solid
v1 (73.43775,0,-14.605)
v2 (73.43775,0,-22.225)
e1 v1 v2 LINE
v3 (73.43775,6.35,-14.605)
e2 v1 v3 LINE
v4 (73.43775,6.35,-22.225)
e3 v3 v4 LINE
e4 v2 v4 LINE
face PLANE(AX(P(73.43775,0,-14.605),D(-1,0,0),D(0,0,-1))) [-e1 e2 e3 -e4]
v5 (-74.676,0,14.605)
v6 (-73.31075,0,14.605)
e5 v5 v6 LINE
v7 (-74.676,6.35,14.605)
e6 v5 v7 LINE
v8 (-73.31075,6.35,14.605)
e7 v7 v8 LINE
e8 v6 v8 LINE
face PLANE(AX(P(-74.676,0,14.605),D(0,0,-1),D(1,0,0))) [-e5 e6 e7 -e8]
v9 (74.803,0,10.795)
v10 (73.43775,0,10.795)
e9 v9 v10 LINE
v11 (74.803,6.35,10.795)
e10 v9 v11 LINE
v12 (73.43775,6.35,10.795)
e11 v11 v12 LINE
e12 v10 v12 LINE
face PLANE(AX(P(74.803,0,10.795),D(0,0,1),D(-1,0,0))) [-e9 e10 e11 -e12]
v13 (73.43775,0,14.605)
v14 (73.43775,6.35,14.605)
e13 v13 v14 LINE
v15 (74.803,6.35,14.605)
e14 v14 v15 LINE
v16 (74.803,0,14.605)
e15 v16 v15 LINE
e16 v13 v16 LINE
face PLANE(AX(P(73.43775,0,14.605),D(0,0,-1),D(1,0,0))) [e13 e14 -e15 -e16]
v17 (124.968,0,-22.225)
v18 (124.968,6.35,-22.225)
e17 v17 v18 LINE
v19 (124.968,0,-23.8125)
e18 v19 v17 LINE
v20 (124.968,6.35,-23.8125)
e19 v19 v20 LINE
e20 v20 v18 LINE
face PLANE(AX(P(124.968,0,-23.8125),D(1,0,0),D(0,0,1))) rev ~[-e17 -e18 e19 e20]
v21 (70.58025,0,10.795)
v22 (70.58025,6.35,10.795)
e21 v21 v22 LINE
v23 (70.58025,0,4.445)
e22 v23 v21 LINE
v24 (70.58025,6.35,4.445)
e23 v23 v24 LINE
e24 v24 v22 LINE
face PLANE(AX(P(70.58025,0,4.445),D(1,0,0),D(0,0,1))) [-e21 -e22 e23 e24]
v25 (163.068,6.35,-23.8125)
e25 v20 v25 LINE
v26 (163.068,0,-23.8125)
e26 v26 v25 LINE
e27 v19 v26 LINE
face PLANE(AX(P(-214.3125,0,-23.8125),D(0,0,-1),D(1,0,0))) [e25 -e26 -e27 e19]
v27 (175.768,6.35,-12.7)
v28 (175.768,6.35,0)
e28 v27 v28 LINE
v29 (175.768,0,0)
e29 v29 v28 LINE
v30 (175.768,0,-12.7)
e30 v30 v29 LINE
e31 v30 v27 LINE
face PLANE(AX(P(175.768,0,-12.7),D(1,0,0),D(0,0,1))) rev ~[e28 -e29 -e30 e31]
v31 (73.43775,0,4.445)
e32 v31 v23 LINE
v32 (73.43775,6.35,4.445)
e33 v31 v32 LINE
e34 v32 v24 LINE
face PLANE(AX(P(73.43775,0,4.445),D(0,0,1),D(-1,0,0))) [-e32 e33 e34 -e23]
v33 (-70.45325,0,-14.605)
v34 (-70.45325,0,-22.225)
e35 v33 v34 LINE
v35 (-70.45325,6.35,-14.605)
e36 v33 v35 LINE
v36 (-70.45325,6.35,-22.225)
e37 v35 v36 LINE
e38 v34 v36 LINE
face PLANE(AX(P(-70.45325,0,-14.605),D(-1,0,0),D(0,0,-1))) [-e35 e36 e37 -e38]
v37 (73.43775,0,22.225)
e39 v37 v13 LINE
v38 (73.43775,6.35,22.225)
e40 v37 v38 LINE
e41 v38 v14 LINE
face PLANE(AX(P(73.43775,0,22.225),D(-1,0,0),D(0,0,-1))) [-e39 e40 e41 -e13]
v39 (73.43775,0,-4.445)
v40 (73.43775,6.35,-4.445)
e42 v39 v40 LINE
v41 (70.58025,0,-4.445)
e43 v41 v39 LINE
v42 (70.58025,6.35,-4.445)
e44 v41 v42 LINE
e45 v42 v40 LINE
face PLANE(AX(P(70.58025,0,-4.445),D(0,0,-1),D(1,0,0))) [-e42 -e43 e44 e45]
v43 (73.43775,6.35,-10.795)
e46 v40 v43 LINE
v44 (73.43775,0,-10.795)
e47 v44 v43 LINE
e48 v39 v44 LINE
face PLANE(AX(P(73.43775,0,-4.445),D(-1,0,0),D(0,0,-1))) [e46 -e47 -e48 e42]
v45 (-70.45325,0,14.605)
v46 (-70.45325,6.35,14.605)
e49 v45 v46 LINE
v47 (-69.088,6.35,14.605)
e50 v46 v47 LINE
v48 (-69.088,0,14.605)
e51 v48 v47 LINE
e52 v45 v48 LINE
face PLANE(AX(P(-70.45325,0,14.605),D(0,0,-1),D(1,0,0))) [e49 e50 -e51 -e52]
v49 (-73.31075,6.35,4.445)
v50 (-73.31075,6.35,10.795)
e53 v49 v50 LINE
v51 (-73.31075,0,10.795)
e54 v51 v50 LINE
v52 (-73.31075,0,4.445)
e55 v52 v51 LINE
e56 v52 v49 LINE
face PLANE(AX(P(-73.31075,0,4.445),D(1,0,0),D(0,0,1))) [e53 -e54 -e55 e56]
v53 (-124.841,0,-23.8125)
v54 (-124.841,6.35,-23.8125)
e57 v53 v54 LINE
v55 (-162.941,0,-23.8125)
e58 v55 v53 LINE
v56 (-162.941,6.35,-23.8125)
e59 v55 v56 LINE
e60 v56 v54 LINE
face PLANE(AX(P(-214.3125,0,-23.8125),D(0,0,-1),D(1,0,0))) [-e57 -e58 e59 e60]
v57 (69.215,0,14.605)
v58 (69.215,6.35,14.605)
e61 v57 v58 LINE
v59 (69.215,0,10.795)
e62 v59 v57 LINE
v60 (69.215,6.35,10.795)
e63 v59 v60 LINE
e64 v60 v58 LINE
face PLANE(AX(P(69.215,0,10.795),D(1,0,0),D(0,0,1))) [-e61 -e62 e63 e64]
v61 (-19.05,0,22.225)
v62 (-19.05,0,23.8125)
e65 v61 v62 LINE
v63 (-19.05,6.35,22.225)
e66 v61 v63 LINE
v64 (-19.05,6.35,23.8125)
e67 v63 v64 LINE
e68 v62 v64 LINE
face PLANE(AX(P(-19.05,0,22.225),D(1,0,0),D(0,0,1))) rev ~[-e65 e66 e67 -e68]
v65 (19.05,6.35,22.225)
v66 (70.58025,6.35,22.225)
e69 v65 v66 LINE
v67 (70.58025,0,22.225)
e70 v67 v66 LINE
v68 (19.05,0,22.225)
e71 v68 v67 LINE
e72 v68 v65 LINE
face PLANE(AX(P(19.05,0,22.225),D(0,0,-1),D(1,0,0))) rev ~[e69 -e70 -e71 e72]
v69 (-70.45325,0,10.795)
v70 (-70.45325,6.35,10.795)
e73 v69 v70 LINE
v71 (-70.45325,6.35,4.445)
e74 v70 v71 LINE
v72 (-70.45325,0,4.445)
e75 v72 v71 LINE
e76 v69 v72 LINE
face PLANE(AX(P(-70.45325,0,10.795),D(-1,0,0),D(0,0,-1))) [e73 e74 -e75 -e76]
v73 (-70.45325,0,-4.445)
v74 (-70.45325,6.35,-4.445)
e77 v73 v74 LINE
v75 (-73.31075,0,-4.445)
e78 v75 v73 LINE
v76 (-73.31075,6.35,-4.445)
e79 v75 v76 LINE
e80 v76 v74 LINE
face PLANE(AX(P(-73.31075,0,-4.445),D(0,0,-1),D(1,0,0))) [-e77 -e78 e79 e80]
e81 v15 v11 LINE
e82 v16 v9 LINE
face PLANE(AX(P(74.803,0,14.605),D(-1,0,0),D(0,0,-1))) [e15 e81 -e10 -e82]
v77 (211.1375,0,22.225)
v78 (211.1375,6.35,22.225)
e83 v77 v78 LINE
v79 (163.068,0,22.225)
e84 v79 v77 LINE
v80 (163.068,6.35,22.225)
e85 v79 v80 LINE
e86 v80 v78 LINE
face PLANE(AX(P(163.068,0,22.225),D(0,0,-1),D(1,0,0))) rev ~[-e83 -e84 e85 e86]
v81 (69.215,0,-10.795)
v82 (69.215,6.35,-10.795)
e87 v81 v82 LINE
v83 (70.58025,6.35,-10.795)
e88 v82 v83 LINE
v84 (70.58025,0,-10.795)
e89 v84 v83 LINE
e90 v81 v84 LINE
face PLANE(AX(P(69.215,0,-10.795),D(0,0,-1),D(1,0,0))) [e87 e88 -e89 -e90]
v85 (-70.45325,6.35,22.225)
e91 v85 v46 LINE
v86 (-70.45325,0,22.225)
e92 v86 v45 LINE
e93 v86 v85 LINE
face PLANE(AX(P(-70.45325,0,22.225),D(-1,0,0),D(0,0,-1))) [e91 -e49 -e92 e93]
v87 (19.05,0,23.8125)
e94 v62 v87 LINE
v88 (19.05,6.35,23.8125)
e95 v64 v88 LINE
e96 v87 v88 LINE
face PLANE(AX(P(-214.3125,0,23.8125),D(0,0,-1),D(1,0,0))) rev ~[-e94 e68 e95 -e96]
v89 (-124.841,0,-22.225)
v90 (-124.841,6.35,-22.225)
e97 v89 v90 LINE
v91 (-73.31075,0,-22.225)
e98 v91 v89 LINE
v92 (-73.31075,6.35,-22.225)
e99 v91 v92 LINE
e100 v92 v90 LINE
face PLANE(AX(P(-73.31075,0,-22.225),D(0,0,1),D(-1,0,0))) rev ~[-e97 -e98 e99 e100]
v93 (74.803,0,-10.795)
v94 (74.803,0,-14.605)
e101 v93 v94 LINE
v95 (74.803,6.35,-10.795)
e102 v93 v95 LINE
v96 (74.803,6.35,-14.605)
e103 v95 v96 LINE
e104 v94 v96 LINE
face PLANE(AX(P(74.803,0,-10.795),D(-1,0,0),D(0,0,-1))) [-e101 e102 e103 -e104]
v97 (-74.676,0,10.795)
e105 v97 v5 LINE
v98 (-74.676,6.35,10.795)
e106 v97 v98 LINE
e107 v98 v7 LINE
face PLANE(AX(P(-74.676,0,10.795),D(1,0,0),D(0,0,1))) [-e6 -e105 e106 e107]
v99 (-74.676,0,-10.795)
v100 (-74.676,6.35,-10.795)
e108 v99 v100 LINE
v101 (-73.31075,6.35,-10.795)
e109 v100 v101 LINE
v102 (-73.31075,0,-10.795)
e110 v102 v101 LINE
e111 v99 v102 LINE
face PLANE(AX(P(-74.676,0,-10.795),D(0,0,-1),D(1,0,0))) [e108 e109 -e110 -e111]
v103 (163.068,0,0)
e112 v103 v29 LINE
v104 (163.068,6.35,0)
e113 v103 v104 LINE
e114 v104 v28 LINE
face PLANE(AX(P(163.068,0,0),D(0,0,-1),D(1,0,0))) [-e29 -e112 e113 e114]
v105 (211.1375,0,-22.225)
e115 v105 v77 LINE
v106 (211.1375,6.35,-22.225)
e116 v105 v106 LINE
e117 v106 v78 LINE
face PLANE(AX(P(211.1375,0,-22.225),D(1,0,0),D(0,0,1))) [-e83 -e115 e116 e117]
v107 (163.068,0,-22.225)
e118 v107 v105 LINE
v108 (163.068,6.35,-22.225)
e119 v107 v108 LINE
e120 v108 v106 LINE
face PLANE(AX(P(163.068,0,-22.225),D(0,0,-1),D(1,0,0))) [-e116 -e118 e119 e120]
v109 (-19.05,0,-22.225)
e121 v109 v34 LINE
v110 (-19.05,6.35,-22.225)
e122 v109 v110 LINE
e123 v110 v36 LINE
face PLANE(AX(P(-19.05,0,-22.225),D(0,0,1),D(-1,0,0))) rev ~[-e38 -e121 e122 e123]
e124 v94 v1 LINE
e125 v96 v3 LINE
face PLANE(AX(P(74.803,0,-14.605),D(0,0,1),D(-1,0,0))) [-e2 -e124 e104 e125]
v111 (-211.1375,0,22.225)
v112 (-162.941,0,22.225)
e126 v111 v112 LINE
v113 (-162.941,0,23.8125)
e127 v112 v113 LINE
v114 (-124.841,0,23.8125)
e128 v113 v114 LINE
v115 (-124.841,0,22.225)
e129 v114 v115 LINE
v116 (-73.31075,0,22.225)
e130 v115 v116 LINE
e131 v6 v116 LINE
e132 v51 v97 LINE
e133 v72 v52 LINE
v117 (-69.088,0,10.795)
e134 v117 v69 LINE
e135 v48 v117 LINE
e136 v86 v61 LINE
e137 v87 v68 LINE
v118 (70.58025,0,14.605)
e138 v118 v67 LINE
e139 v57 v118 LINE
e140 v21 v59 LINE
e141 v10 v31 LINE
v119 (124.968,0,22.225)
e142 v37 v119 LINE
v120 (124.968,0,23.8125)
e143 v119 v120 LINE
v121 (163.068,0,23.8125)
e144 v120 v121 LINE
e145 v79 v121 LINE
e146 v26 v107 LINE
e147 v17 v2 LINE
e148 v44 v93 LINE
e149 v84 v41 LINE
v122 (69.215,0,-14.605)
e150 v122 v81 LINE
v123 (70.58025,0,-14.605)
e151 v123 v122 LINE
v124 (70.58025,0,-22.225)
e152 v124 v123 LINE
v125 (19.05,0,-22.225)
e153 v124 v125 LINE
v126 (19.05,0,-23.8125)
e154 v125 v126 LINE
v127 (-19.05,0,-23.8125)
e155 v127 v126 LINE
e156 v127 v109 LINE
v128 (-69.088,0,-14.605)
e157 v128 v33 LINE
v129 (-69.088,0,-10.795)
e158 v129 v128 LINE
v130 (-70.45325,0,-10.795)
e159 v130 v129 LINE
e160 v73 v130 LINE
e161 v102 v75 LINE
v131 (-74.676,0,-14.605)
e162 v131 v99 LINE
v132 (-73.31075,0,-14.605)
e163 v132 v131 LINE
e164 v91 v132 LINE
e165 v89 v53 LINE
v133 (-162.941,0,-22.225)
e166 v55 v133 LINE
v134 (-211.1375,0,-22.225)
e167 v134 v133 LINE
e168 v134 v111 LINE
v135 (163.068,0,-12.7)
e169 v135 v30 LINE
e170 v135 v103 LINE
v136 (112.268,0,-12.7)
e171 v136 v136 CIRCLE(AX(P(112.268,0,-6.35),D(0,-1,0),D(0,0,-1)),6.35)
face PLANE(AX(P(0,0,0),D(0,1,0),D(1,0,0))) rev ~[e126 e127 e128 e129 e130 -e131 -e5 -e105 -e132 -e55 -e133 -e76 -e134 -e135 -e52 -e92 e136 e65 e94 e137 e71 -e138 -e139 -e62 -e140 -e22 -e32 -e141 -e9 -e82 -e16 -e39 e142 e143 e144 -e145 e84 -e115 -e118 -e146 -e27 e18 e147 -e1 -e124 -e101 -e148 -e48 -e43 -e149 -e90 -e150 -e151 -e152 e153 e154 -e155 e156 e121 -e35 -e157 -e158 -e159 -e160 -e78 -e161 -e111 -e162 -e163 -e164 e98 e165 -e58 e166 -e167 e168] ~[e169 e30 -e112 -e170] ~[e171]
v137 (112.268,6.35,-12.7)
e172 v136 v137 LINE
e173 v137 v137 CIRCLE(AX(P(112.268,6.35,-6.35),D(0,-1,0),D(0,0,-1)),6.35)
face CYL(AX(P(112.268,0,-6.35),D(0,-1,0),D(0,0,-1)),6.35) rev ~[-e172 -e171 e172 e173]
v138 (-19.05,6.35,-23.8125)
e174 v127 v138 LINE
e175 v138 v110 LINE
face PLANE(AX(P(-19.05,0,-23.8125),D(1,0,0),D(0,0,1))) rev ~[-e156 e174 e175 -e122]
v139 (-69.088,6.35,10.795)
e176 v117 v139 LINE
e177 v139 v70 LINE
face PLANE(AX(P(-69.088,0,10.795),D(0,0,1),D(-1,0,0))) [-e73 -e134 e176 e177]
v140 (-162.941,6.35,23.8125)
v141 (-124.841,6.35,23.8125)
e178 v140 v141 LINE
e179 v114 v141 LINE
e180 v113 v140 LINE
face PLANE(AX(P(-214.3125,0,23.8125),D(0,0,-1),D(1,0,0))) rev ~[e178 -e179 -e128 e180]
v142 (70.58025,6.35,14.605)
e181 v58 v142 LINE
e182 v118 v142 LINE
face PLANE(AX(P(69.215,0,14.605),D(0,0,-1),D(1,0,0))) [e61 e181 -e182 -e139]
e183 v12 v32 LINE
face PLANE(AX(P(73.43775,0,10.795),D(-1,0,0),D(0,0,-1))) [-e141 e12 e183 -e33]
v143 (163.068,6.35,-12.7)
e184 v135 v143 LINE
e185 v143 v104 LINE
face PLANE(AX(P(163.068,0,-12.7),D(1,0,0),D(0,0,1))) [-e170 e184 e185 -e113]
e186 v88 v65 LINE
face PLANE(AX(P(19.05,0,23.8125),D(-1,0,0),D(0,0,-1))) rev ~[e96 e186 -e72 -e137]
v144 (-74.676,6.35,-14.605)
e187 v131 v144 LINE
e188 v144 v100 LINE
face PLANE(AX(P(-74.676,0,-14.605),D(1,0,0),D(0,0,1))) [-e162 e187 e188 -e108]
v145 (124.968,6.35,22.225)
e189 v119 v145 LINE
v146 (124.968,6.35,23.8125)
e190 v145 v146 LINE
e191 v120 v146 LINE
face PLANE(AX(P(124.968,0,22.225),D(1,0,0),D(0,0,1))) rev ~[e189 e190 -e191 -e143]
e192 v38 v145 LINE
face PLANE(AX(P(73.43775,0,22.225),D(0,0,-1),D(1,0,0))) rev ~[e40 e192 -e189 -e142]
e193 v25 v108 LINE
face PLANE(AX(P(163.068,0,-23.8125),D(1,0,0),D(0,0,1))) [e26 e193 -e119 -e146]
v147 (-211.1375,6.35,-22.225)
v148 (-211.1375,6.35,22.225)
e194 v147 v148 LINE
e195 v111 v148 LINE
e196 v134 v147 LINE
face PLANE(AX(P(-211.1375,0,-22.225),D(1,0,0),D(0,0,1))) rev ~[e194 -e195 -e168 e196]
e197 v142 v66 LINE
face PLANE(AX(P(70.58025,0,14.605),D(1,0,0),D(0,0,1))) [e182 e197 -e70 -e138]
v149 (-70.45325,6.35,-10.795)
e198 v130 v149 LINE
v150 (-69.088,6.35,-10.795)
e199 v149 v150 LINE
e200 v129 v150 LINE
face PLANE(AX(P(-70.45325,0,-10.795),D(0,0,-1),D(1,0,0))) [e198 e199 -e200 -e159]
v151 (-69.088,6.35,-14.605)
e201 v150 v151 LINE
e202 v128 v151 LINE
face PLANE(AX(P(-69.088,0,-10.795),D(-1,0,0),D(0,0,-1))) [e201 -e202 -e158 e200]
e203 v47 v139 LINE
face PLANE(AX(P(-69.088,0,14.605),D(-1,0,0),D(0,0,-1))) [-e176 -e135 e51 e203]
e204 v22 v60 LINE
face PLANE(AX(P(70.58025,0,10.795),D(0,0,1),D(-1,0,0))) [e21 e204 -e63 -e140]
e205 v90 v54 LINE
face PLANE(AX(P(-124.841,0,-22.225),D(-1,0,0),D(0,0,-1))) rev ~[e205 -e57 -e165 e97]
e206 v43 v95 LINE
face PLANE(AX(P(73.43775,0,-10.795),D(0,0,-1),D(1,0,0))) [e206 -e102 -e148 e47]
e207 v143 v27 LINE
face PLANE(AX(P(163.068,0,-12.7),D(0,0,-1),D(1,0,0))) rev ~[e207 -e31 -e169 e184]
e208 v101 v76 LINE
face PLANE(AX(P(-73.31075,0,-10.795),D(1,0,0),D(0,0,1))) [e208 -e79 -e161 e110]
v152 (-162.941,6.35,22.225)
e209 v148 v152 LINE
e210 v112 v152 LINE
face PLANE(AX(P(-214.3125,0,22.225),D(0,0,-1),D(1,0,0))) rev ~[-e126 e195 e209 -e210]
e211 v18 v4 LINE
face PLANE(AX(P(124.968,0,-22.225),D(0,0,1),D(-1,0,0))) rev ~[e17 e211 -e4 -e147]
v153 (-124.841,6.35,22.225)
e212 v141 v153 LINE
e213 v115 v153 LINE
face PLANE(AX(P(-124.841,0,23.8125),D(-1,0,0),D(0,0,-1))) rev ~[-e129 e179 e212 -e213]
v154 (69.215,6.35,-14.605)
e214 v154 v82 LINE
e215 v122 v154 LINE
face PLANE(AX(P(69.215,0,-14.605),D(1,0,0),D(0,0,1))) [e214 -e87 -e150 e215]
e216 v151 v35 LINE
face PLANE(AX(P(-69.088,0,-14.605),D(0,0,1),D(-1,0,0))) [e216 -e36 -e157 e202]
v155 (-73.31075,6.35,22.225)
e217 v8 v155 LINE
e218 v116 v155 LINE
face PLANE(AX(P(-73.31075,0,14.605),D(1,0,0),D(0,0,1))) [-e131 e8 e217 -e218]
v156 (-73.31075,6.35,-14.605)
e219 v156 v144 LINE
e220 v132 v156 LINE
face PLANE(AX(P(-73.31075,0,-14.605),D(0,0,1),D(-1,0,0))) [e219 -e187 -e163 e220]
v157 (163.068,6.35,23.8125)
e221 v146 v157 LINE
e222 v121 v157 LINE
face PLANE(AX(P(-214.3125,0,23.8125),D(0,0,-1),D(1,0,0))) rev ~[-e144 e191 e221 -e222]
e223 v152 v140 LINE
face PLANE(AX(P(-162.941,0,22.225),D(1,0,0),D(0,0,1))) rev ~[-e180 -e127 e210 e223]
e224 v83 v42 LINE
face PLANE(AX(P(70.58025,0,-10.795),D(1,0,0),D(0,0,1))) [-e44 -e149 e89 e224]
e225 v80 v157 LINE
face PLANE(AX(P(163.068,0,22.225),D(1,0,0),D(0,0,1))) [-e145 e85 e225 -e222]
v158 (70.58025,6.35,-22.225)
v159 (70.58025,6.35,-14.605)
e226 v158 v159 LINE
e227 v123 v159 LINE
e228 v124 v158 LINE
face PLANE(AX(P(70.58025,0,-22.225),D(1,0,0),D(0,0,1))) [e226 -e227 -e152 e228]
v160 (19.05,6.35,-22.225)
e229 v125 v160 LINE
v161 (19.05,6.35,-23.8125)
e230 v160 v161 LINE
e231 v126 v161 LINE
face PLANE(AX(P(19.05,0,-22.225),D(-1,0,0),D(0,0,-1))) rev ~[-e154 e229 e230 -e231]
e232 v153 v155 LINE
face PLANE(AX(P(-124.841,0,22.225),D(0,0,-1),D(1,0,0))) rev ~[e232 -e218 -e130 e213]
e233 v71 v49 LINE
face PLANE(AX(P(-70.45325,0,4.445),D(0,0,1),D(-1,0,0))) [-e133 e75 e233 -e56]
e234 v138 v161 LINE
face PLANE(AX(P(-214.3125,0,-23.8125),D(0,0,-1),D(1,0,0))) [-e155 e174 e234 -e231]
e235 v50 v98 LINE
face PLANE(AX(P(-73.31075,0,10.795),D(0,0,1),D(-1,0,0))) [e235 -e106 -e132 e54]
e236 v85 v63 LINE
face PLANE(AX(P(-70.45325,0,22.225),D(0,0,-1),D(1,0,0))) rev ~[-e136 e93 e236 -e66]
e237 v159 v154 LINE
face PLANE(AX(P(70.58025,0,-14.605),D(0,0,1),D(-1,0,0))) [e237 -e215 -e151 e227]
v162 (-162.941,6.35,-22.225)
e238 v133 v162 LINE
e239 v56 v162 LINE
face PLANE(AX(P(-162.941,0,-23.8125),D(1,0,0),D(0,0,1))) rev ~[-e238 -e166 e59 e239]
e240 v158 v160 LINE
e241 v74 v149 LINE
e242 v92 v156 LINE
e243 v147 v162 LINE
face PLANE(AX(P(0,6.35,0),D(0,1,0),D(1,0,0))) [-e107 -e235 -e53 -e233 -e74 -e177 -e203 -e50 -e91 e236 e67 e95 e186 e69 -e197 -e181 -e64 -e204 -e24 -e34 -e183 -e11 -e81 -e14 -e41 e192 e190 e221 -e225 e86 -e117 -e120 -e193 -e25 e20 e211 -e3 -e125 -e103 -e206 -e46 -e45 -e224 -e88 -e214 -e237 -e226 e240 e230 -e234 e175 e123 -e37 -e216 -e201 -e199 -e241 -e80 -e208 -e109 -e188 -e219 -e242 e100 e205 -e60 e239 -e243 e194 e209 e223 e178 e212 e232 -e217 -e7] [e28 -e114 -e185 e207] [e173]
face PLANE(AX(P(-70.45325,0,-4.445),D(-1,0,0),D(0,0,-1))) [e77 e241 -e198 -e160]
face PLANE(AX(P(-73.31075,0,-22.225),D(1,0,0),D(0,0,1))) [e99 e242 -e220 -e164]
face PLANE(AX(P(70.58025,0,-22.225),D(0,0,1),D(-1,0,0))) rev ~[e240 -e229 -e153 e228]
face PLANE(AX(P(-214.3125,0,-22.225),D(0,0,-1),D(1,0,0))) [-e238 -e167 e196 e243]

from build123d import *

# Parameters (mm, degrees)
SKETCH1_W           = 428.625
SKETCH1_H           = 47.625
BOSS_EXTRUDE1_DEPTH = 6.35
SKETCH2_W           = 51.2445
SKETCH2_H           = 1.5875
SKETCH2_W_2         = 51.3715
CUT_EXTRUDE4_DEPTH  = 6.35
SKETCH4_W           = 3.175
SKETCH4_H           = 44.45
CUT_EXTRUDE5_DEPTH  = 6.35
SKETCH3_R           = 6.35
SKETCH3_W           = 12.7
SKETCH3_H           = 12.7
CUT_EXTRUDE6_DEPTH  = 6.35


with BuildPart() as part:
    # Sketch1 → Boss-Extrude1 (new body)
    with BuildSketch(Plane(origin=(0, 0, 0), x_dir=(1, 0, 0), z_dir=(0, 1, 0))):
        Rectangle(SKETCH1_W, SKETCH1_H)
    extrude(amount=BOSS_EXTRUDE1_DEPTH)

    # Sketch2 → Cut-Extrude4 (cut)
    with BuildSketch(Plane.XZ):
        Polygon((-124.841, -22.225), (-124.841, -23.8125), (-19.05, -23.8125), (-19.05, -22.225), (-70.45325, -22.225), (-73.31075, -22.225), align=None)
        with Locations((188.69025, 23.01875)):
            Rectangle(SKETCH2_W, SKETCH2_H)
        Polygon((19.05, 23.8125), (19.05, 22.225), (70.58025, 22.225), (73.43775, 22.225), (124.968, 22.225), (124.968, 23.8125), align=None)
        Polygon((-124.841, 22.225), (-73.31075, 22.225), (-70.45325, 22.225), (-19.05, 22.225), (-19.05, 23.8125), (-124.841, 23.8125), align=None)
        Polygon((19.05, -22.225), (19.05, -23.8125), (124.968, -23.8125), (124.968, -22.225), (73.43775, -22.225), (70.58025, -22.225), align=None)
        with Locations((188.69025, -23.01875)):
            Rectangle(SKETCH2_W, SKETCH2_H)
        with Locations((-188.62675, 23.01875)):
            Rectangle(SKETCH2_W_2, SKETCH2_H)
        with Locations((-188.62675, -23.01875)):
            Rectangle(SKETCH2_W_2, SKETCH2_H)
        Polygon((-70.45325, -4.445), (-70.45325, -10.795), (-69.088, -10.795), (-69.088, -14.605), (-70.45325, -14.605), (-70.45325, -22.225), (-73.31075, -22.225), (-73.31075, -14.605), (-74.676, -14.605), (-74.676, -10.795), (-73.31075, -10.795), (-73.31075, -4.445), align=None)
        Polygon((-70.45325, 4.445), (-73.31075, 4.445), (-73.31075, 10.795), (-74.676, 10.795), (-74.676, 14.605), (-73.31075, 14.605), (-73.31075, 22.225), (-70.45325, 22.225), (-70.45325, 14.605), (-69.088, 14.605), (-69.088, 10.795), (-70.45325, 10.795), align=None)
        Polygon((73.43775, 4.445), (70.58025, 4.445), (70.58025, 10.795), (69.215, 10.795), (69.215, 14.605), (70.58025, 14.605), (70.58025, 22.225), (73.43775, 22.225), (73.43775, 14.605), (74.803, 14.605), (74.803, 10.795), (73.43775, 10.795), align=None)
        Polygon((73.43775, -4.445), (73.43775, -10.795), (74.803, -10.795), (74.803, -14.605), (73.43775, -14.605), (73.43775, -22.225), (70.58025, -22.225), (70.58025, -14.605), (69.215, -14.605), (69.215, -10.795), (70.58025, -10.795), (70.58025, -4.445), align=None)
    extrude(amount=-CUT_EXTRUDE4_DEPTH, mode=Mode.SUBTRACT)

    # Sketch4 → Cut-Extrude5 (cut)
    with BuildSketch(Plane.XZ):
        with Locations((-212.725, 0)):
            Rectangle(SKETCH4_W, SKETCH4_H)
        with Locations((212.725, 0)):
            Rectangle(SKETCH4_W, SKETCH4_H)
    extrude(amount=-CUT_EXTRUDE5_DEPTH, mode=Mode.SUBTRACT)

    # Sketch3 → Cut-Extrude6 (cut)
    with BuildSketch(Plane.XZ):
        with Locations(Location((112.268, -6.35, 0), (0, 0, 270))):
            Circle(SKETCH3_R)
        with Locations((169.418, -6.35)):
            Rectangle(SKETCH3_W, SKETCH3_H)
    extrude(amount=-CUT_EXTRUDE6_DEPTH, mode=Mode.SUBTRACT)


solid = part.part
